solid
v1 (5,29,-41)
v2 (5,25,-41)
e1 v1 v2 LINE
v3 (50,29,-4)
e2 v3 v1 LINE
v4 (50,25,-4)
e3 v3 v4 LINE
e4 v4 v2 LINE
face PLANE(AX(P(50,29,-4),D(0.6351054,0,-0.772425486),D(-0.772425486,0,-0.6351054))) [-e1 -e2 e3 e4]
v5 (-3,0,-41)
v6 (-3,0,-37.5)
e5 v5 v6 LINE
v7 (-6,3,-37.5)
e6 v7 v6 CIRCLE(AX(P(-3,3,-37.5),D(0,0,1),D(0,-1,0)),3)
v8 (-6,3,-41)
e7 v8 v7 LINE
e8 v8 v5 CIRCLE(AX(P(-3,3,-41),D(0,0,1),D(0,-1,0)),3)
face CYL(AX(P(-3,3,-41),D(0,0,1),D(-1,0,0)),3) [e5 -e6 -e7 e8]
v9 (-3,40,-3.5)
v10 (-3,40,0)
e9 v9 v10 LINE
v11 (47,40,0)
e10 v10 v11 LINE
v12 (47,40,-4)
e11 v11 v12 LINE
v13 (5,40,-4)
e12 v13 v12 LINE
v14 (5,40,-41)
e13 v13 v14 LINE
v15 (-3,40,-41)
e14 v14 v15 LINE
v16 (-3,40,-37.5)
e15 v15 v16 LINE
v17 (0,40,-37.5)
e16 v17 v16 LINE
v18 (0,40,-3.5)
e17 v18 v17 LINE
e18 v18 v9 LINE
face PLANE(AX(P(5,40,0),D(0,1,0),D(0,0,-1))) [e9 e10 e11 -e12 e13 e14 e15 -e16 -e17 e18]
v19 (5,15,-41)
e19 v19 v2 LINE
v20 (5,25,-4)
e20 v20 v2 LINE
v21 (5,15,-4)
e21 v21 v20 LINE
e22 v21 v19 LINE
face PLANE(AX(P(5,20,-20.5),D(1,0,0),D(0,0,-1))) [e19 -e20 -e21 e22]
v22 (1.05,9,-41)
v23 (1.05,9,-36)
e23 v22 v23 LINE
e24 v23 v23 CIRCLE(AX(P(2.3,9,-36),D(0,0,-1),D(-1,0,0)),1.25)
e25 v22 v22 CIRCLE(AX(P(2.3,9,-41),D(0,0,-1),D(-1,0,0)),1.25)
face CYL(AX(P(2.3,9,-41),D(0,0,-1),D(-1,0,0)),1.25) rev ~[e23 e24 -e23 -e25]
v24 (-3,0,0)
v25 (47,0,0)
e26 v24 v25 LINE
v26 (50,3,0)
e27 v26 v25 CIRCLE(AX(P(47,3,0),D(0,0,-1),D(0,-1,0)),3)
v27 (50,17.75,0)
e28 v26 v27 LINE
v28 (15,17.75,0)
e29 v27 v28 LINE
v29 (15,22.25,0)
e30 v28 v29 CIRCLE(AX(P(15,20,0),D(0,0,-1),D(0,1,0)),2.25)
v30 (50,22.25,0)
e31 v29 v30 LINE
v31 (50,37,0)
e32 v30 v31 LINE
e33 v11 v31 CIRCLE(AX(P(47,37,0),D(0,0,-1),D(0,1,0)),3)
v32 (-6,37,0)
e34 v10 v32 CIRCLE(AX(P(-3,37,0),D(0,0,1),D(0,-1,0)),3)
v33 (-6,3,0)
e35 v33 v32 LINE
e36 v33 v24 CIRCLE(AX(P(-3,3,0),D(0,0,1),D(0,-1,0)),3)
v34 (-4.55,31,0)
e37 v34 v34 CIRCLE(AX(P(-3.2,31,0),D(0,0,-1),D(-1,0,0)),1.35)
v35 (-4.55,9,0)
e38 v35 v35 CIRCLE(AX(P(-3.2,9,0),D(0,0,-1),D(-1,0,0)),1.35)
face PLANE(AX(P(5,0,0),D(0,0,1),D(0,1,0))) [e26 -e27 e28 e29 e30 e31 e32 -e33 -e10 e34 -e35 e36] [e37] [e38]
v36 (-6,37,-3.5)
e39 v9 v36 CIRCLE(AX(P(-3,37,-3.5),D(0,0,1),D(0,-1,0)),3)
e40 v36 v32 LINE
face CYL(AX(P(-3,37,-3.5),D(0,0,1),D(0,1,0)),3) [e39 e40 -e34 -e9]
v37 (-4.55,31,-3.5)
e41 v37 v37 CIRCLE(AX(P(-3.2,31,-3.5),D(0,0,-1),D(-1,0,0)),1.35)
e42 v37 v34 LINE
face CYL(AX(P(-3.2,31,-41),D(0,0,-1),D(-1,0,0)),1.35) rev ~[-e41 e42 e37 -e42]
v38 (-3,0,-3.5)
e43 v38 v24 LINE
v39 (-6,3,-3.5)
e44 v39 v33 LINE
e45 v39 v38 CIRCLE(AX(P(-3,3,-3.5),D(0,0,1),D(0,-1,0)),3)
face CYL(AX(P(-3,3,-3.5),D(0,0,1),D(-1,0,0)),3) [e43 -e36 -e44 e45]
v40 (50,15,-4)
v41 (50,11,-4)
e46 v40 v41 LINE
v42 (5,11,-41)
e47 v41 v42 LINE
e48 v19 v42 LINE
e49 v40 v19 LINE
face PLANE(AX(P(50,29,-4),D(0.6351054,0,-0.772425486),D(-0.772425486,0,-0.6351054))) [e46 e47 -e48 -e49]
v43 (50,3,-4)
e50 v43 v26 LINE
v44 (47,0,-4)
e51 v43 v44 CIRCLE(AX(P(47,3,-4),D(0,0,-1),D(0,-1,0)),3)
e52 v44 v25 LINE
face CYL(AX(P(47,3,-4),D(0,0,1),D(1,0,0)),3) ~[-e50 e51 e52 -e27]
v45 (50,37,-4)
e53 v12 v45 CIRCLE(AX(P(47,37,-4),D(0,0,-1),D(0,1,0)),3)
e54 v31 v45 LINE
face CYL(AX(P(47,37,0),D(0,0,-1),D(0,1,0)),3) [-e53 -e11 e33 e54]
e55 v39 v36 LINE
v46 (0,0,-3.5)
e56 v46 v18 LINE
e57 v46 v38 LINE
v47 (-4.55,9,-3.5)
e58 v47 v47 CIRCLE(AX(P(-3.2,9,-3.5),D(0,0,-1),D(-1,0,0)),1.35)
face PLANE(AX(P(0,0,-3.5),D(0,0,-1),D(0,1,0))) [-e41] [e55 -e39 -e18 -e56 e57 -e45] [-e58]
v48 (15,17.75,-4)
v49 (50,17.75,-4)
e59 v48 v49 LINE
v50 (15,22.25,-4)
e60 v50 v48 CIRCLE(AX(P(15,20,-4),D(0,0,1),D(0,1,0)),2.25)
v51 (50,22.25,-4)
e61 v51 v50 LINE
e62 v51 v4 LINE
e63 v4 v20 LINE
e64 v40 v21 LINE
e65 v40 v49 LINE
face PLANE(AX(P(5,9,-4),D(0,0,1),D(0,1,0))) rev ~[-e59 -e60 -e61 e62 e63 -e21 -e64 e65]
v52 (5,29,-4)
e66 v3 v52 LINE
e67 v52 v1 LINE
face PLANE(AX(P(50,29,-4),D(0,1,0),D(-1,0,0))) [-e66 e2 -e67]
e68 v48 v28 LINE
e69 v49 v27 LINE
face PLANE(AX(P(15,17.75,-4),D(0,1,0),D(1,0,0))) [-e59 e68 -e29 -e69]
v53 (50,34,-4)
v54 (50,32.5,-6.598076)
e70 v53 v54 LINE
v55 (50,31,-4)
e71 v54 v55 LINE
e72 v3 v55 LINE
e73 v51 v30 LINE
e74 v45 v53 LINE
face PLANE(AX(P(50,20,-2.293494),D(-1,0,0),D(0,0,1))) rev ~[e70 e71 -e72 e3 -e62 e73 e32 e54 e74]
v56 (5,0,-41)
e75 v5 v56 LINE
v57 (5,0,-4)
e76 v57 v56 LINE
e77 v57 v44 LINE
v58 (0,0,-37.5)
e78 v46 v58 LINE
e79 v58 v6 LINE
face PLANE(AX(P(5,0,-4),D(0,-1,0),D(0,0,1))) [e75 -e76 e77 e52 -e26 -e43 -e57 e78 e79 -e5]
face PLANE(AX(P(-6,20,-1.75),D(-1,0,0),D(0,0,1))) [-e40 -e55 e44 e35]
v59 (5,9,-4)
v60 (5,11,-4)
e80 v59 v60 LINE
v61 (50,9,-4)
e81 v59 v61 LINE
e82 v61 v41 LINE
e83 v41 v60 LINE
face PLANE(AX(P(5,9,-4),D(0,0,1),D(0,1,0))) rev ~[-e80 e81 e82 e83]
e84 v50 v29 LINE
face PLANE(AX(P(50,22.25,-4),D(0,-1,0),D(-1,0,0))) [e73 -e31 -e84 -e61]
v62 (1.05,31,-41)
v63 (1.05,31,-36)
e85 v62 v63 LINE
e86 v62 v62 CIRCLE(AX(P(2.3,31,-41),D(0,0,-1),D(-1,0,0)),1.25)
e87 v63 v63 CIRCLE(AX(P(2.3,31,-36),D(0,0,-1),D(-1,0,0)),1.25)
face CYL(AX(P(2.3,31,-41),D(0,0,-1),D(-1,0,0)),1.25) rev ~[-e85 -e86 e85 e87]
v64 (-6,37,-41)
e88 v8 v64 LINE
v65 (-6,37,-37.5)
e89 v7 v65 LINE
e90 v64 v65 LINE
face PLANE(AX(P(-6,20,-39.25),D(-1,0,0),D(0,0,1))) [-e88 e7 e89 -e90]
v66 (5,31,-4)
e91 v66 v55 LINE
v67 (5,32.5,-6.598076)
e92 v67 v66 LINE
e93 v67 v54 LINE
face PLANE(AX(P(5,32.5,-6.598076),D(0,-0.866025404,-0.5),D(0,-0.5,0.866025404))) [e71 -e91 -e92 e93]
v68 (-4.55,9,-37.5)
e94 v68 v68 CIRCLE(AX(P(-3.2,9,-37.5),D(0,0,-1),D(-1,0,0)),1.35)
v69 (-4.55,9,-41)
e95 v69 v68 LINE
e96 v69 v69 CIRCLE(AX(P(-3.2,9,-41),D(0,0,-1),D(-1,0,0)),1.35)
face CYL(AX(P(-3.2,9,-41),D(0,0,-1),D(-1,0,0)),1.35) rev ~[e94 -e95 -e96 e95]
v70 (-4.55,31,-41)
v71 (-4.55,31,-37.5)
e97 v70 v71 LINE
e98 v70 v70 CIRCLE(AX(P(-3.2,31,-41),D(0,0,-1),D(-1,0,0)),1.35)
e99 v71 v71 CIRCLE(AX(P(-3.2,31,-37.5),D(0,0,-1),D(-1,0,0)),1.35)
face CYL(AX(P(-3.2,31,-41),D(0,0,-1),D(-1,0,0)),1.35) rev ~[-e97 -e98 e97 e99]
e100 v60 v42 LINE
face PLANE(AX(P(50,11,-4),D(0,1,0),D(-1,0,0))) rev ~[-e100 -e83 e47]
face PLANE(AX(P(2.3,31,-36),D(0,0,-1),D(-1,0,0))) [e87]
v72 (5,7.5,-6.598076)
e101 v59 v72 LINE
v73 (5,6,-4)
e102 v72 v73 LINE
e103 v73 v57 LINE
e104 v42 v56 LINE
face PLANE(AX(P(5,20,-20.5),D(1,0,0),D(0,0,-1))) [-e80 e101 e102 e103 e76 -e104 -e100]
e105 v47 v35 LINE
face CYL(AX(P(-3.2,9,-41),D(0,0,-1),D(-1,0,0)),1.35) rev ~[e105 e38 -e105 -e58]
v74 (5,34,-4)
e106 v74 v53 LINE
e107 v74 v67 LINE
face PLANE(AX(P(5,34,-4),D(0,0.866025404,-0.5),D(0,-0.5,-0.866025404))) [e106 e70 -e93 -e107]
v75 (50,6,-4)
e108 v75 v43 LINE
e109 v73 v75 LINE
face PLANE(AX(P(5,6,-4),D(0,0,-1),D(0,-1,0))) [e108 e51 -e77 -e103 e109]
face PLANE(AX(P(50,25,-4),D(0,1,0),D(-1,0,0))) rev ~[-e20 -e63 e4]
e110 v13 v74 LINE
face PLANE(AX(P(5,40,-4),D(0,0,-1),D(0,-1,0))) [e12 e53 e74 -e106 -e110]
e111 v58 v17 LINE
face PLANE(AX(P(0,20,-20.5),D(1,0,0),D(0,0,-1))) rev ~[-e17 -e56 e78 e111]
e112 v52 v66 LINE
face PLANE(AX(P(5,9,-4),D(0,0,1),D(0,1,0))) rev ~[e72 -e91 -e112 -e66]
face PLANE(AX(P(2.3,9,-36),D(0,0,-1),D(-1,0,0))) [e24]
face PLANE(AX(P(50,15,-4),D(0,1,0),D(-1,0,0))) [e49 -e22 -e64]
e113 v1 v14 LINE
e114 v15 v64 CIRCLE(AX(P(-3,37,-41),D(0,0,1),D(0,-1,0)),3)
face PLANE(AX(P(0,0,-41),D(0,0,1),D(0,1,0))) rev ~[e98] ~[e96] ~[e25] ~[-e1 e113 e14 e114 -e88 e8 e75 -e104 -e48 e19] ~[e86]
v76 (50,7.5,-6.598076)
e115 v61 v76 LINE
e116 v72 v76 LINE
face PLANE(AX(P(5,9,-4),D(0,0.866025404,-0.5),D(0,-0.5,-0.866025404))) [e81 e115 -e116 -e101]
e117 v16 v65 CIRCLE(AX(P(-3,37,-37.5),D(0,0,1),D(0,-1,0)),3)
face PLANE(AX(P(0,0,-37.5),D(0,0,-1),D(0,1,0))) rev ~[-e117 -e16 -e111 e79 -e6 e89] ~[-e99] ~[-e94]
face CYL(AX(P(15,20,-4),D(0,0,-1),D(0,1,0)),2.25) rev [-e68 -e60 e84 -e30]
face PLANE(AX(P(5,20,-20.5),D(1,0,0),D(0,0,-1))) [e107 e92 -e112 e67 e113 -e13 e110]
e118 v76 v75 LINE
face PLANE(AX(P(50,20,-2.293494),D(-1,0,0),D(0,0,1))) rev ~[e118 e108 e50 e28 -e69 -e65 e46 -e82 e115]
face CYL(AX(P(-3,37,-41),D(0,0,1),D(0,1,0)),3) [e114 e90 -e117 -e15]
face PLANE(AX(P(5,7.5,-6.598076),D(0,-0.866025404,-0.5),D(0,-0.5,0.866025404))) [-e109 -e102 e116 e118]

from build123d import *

# Parameters (mm, degrees)
SKETCH_1_W               = 41
SKETCH_1_H               = 40
EXTRUDE_1_DEPTH          = 5
SKETCH_2_W               = 3.5
SKETCH_2_H               = 40
EXTRUDE_2_DEPTH          = 6
EXTRUDE_3_DEPTH          = 45
SKETCH_4_W               = 45
SKETCH_4_H               = 4
EXTRUDE_4_DEPTH          = 37
CUT_EXTRUDE_1_DEPTH      = 19
SKETCH_6_R               = 1.35
CUT_EXTRUDE_2_DEPTH      = 42
FILLET_1_R               = 3
FILLET_2_R               = 3
CUT_EXTRUDE_3_DEPTH      = 38
CUT_EXTRUDE_3_DEPTH_BACK = 5
SKETCH_8_R               = 1.25
CUT_EXTRUDE_4_DEPTH      = 5


with BuildPart() as part:
    # 스케치1 → 보스-돌출1 (new body)
    with BuildSketch(Plane(origin=(0, 0, 0), x_dir=(0, 0, -1), z_dir=(1, 0, 0))):
        with Locations((20.5, 20)):
            Rectangle(SKETCH_1_W, SKETCH_1_H)
    extrude(amount=EXTRUDE_1_DEPTH)

    # 스케치2 → 보스-돌출2 (add)
    with BuildSketch(Plane.ZY):
        with Locations((-1.75, 20)):
            Rectangle(SKETCH_2_W, SKETCH_2_H)
        with Locations((-39.25, 20)):
            Rectangle(SKETCH_2_W, SKETCH_2_H)
    extrude(amount=EXTRUDE_2_DEPTH)

    # 스케치3 → 보스-돌출3 (add)
    with BuildSketch(Plane(origin=(5, 0, 0), x_dir=(0, 0, -1), z_dir=(1, 0, 0))):
        Polygon((0, 40), (4, 40), (4, 34), (6.598076211, 32.5), (4, 31), (4, 14), (4, 12), (4, 9), (6.598076211, 7.5), (4, 6), (4, 0), (0, 0), align=None)
    extrude(amount=EXTRUDE_3_DEPTH)

    # 스케치4 → 보스-돌출4 (add)
    with BuildSketch(Plane(origin=(0, 0, -4), x_dir=(-1, 0, 0), z_dir=(0, 0, -1))):
        with Locations((-27.5, 27)):
            Rectangle(SKETCH_4_W, SKETCH_4_H)
        with Locations((-27.5, 13)):
            Rectangle(SKETCH_4_W, SKETCH_4_H)
    extrude(amount=EXTRUDE_4_DEPTH)

    # 스케치5 → 컷-돌출1 (cut)
    with BuildSketch(Plane(origin=(0, 29, 0), x_dir=(1, 0, 0), z_dir=(0, 1, 0))):
        Polygon((50, 4), (5, 41), (50, 41), align=None)
    extrude(amount=-CUT_EXTRUDE_1_DEPTH, mode=Mode.SUBTRACT)

    # 스케치6 → 컷-돌출2 (cut, through all)
    with BuildSketch(Plane(origin=(0, 0, -41), x_dir=(-1, 0, 0), z_dir=(0, 0, -1))):
        with Locations((3.2, 9)):
            Circle(SKETCH_6_R)
        with Locations((3.2, 31)):
            Circle(SKETCH_6_R)
    extrude(amount=-CUT_EXTRUDE_2_DEPTH, mode=Mode.SUBTRACT)

    # 필렛1
    fillet_1_edges = [part.edges().sort_by_distance(p)[0] for p in [
        (50, 0, -2),
        (50, 40, -2),
    ]]
    fillet(fillet_1_edges, radius=FILLET_1_R)

    # 필렛2
    fillet_2_edges = [part.edges().sort_by_distance(p)[0] for p in [
        (-6, 0, -1.75),
        (-6, 40, -1.75),
        (-6, 40, -39.25),
        (-6, 0, -39.25),
    ]]
    fillet(fillet_2_edges, radius=FILLET_2_R)

    # 스케치7 → 컷-돌출3 (cut, two sides)
    with BuildSketch(Plane(origin=(0, 0, -4), x_dir=(-1, 0, 0), z_dir=(0, 0, -1))) as cut_extrude_3_sk:
        with BuildLine():
            Line((-40, 22.25), (-15, 22.25))
            ThreePointArc((-15, 22.25), (-12.75, 20), (-15, 17.75))
            Line((-15, 17.75), (-40, 17.75))
            Line((-40, 17.75), (-50, 17.75))
            Line((-50, 17.75), (-50, 22.25))
            Line((-50, 22.25), (-40, 22.25))
        make_face()
    extrude(amount=CUT_EXTRUDE_3_DEPTH, mode=Mode.SUBTRACT)
    extrude(cut_extrude_3_sk.sketch, amount=-CUT_EXTRUDE_3_DEPTH_BACK, mode=Mode.SUBTRACT)

    # 스케치8 → 컷-돌출4 (cut)
    with BuildSketch(Plane(origin=(0, 0, -41), x_dir=(-1, 0, 0), z_dir=(0, 0, -1))):
        with Locations((-2.3, 31)):
            Circle(SKETCH_8_R)
        with Locations((-2.3, 9)):
            Circle(SKETCH_8_R)
    extrude(amount=-CUT_EXTRUDE_4_DEPTH, mode=Mode.SUBTRACT)


solid = part.part
